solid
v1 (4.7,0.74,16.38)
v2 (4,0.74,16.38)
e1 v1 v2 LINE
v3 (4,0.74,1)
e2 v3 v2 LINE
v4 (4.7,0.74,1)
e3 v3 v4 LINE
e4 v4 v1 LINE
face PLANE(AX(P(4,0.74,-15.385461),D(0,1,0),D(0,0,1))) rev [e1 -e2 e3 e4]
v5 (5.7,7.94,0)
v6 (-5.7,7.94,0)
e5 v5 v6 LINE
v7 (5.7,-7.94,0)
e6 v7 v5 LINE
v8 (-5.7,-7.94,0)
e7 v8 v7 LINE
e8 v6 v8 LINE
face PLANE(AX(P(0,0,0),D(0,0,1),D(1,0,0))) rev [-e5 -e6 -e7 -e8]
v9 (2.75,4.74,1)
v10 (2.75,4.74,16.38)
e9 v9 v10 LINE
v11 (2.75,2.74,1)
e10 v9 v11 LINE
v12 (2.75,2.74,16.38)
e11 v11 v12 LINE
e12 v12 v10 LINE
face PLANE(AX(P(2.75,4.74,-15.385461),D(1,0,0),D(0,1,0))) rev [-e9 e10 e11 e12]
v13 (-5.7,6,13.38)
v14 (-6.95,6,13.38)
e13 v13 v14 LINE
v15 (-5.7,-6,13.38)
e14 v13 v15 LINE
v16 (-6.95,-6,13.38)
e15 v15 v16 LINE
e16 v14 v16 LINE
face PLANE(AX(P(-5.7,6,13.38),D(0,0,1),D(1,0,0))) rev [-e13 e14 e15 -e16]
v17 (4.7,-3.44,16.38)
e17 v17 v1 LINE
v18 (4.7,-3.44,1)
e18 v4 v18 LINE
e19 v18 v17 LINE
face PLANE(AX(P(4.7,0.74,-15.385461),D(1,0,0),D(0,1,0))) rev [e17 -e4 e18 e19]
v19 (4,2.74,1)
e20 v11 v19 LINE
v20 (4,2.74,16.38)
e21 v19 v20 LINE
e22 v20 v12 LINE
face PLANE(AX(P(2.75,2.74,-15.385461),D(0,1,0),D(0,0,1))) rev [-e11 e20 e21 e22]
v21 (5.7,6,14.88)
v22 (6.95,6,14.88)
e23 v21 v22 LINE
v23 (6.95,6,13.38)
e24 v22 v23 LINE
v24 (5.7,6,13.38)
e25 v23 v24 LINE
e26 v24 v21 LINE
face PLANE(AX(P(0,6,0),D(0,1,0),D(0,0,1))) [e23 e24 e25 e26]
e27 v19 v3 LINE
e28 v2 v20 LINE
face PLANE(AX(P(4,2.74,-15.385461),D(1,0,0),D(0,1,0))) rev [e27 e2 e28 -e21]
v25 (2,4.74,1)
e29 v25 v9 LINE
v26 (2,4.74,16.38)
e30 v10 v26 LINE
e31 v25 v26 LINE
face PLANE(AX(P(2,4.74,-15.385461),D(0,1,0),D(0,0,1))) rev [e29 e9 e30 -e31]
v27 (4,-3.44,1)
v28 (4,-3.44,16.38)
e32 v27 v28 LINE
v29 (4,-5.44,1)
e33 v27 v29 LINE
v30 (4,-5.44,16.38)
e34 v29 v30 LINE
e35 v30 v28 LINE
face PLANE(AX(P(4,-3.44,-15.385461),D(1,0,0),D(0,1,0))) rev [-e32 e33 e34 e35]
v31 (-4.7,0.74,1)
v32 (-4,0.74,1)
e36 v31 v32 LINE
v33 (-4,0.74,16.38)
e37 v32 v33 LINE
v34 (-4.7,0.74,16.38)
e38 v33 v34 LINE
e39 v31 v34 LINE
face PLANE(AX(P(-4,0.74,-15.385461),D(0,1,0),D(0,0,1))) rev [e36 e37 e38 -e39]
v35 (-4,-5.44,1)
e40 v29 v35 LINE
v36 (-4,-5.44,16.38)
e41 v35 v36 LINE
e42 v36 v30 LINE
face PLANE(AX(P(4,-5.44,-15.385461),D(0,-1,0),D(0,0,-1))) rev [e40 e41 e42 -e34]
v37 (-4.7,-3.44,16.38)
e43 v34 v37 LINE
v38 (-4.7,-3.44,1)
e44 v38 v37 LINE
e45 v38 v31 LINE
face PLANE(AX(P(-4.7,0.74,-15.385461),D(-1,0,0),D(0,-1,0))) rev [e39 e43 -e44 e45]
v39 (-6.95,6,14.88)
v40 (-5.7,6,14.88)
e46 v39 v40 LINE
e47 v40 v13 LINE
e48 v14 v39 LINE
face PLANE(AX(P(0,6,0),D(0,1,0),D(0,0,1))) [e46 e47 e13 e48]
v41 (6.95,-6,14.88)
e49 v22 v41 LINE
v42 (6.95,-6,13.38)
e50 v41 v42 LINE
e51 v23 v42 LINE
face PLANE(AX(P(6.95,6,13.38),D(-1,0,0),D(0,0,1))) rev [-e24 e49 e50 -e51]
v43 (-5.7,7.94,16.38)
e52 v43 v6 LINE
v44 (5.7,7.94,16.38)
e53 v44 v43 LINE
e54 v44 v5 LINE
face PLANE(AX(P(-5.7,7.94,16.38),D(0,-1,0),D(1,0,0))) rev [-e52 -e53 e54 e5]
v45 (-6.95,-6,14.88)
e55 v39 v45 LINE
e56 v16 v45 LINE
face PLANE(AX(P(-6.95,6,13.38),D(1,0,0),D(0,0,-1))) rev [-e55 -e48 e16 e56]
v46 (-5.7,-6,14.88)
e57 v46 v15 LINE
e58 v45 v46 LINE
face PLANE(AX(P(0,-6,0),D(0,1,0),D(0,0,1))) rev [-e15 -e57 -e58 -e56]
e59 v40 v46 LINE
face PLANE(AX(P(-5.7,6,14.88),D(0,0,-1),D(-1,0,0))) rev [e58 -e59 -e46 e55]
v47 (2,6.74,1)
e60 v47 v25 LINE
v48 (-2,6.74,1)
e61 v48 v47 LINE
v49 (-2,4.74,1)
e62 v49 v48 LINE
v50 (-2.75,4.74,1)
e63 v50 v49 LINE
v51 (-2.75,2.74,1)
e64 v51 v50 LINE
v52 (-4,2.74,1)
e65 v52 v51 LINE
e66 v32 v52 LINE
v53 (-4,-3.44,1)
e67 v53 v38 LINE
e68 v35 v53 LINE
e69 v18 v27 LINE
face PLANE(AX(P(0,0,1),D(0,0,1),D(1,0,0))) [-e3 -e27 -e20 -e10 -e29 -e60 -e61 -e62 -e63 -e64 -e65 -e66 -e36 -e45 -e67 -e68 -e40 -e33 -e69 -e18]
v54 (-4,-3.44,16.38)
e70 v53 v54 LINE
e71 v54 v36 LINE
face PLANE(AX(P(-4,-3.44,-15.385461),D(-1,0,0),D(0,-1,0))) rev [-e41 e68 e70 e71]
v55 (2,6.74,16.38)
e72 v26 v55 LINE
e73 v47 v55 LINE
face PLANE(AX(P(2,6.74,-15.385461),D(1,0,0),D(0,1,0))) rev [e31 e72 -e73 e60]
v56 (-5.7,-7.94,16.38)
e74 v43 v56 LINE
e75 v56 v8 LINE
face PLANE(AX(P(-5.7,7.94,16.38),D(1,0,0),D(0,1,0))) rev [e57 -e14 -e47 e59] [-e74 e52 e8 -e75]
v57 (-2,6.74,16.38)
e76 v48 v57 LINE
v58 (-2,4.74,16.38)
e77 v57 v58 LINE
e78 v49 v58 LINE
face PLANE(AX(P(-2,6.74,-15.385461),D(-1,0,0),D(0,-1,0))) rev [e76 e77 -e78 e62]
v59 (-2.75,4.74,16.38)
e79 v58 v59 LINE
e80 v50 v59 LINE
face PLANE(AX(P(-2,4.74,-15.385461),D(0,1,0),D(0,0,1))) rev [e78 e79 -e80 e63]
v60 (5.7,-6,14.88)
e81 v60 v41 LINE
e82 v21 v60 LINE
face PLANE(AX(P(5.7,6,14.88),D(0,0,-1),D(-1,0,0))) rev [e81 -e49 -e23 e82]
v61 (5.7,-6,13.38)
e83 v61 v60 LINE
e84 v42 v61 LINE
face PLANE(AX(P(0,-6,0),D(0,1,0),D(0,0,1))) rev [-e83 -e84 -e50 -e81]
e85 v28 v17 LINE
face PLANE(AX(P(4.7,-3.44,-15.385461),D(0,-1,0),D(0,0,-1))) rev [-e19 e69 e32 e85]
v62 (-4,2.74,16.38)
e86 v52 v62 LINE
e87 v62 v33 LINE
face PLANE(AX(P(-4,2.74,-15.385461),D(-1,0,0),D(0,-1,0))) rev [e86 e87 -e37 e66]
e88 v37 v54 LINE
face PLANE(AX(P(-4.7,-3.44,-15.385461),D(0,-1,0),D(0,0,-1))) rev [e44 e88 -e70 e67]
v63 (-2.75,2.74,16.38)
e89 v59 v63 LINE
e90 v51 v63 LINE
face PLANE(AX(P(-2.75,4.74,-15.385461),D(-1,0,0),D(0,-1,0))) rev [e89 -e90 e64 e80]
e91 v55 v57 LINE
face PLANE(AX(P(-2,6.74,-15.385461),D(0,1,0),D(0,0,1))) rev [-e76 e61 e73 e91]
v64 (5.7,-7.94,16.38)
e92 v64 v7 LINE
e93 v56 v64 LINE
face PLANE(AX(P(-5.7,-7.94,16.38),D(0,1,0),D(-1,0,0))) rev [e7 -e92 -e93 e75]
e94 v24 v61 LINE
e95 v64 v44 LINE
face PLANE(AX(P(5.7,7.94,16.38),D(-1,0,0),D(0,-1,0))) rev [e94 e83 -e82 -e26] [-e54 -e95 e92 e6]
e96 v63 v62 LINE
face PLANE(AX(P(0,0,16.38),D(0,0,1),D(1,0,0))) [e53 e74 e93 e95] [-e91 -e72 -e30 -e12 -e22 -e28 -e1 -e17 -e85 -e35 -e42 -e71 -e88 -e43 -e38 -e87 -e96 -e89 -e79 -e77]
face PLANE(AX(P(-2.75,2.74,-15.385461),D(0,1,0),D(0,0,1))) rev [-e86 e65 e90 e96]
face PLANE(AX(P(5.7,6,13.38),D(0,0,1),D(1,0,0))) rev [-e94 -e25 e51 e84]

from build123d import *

# Parameters (mm, degrees)
SKETCH1_W           = 11.4
SKETCH1_H           = 15.88
BOSS_EXTRUDE1_DEPTH = 16.38
CUT_EXTRUDE1_DEPTH  = 15.38
SKETCH3_W           = 1.25
SKETCH3_H           = 1.5
BOSS_EXTRUDE2_DEPTH = 6


with BuildPart() as part:
    # Sketch1 → Boss-Extrude1 (new body)
    with BuildSketch(Plane.XY):
        Rectangle(SKETCH1_W, SKETCH1_H)
    extrude(amount=BOSS_EXTRUDE1_DEPTH)

    # Sketch2 → Cut-Extrude1 (cut)
    with BuildSketch(Plane.XY.offset(16.38)):
        Polygon((-2, 6.74), (2, 6.74), (2, 4.74), (2.75, 4.74), (2.75, 2.74), (4, 2.74), (4, 0.74), (4.7, 0.74), (4.7, -3.44), (4, -3.44), (4, -5.44), (-4, -5.44), (-4, -3.44), (-4.7, -3.44), (-4.7, 0.74), (-4, 0.74), (-4, 2.74), (-2.75, 2.74), (-2.75, 4.74), (-2, 4.74), align=None)
    extrude(amount=-CUT_EXTRUDE1_DEPTH, mode=Mode.SUBTRACT)

    # Sketch3 → Boss-Extrude2 (add, symmetric)
    with BuildSketch(Plane(origin=(0, 0, 0), x_dir=(1, 0, 0), z_dir=(0, 1, 0))):
        with Locations((6.325, -14.13)):
            Rectangle(SKETCH3_W, SKETCH3_H)
        with Locations((-6.325, -14.13)):
            Rectangle(SKETCH3_W, SKETCH3_H)
    extrude(amount=BOSS_EXTRUDE2_DEPTH, both=True)


solid = part.part
